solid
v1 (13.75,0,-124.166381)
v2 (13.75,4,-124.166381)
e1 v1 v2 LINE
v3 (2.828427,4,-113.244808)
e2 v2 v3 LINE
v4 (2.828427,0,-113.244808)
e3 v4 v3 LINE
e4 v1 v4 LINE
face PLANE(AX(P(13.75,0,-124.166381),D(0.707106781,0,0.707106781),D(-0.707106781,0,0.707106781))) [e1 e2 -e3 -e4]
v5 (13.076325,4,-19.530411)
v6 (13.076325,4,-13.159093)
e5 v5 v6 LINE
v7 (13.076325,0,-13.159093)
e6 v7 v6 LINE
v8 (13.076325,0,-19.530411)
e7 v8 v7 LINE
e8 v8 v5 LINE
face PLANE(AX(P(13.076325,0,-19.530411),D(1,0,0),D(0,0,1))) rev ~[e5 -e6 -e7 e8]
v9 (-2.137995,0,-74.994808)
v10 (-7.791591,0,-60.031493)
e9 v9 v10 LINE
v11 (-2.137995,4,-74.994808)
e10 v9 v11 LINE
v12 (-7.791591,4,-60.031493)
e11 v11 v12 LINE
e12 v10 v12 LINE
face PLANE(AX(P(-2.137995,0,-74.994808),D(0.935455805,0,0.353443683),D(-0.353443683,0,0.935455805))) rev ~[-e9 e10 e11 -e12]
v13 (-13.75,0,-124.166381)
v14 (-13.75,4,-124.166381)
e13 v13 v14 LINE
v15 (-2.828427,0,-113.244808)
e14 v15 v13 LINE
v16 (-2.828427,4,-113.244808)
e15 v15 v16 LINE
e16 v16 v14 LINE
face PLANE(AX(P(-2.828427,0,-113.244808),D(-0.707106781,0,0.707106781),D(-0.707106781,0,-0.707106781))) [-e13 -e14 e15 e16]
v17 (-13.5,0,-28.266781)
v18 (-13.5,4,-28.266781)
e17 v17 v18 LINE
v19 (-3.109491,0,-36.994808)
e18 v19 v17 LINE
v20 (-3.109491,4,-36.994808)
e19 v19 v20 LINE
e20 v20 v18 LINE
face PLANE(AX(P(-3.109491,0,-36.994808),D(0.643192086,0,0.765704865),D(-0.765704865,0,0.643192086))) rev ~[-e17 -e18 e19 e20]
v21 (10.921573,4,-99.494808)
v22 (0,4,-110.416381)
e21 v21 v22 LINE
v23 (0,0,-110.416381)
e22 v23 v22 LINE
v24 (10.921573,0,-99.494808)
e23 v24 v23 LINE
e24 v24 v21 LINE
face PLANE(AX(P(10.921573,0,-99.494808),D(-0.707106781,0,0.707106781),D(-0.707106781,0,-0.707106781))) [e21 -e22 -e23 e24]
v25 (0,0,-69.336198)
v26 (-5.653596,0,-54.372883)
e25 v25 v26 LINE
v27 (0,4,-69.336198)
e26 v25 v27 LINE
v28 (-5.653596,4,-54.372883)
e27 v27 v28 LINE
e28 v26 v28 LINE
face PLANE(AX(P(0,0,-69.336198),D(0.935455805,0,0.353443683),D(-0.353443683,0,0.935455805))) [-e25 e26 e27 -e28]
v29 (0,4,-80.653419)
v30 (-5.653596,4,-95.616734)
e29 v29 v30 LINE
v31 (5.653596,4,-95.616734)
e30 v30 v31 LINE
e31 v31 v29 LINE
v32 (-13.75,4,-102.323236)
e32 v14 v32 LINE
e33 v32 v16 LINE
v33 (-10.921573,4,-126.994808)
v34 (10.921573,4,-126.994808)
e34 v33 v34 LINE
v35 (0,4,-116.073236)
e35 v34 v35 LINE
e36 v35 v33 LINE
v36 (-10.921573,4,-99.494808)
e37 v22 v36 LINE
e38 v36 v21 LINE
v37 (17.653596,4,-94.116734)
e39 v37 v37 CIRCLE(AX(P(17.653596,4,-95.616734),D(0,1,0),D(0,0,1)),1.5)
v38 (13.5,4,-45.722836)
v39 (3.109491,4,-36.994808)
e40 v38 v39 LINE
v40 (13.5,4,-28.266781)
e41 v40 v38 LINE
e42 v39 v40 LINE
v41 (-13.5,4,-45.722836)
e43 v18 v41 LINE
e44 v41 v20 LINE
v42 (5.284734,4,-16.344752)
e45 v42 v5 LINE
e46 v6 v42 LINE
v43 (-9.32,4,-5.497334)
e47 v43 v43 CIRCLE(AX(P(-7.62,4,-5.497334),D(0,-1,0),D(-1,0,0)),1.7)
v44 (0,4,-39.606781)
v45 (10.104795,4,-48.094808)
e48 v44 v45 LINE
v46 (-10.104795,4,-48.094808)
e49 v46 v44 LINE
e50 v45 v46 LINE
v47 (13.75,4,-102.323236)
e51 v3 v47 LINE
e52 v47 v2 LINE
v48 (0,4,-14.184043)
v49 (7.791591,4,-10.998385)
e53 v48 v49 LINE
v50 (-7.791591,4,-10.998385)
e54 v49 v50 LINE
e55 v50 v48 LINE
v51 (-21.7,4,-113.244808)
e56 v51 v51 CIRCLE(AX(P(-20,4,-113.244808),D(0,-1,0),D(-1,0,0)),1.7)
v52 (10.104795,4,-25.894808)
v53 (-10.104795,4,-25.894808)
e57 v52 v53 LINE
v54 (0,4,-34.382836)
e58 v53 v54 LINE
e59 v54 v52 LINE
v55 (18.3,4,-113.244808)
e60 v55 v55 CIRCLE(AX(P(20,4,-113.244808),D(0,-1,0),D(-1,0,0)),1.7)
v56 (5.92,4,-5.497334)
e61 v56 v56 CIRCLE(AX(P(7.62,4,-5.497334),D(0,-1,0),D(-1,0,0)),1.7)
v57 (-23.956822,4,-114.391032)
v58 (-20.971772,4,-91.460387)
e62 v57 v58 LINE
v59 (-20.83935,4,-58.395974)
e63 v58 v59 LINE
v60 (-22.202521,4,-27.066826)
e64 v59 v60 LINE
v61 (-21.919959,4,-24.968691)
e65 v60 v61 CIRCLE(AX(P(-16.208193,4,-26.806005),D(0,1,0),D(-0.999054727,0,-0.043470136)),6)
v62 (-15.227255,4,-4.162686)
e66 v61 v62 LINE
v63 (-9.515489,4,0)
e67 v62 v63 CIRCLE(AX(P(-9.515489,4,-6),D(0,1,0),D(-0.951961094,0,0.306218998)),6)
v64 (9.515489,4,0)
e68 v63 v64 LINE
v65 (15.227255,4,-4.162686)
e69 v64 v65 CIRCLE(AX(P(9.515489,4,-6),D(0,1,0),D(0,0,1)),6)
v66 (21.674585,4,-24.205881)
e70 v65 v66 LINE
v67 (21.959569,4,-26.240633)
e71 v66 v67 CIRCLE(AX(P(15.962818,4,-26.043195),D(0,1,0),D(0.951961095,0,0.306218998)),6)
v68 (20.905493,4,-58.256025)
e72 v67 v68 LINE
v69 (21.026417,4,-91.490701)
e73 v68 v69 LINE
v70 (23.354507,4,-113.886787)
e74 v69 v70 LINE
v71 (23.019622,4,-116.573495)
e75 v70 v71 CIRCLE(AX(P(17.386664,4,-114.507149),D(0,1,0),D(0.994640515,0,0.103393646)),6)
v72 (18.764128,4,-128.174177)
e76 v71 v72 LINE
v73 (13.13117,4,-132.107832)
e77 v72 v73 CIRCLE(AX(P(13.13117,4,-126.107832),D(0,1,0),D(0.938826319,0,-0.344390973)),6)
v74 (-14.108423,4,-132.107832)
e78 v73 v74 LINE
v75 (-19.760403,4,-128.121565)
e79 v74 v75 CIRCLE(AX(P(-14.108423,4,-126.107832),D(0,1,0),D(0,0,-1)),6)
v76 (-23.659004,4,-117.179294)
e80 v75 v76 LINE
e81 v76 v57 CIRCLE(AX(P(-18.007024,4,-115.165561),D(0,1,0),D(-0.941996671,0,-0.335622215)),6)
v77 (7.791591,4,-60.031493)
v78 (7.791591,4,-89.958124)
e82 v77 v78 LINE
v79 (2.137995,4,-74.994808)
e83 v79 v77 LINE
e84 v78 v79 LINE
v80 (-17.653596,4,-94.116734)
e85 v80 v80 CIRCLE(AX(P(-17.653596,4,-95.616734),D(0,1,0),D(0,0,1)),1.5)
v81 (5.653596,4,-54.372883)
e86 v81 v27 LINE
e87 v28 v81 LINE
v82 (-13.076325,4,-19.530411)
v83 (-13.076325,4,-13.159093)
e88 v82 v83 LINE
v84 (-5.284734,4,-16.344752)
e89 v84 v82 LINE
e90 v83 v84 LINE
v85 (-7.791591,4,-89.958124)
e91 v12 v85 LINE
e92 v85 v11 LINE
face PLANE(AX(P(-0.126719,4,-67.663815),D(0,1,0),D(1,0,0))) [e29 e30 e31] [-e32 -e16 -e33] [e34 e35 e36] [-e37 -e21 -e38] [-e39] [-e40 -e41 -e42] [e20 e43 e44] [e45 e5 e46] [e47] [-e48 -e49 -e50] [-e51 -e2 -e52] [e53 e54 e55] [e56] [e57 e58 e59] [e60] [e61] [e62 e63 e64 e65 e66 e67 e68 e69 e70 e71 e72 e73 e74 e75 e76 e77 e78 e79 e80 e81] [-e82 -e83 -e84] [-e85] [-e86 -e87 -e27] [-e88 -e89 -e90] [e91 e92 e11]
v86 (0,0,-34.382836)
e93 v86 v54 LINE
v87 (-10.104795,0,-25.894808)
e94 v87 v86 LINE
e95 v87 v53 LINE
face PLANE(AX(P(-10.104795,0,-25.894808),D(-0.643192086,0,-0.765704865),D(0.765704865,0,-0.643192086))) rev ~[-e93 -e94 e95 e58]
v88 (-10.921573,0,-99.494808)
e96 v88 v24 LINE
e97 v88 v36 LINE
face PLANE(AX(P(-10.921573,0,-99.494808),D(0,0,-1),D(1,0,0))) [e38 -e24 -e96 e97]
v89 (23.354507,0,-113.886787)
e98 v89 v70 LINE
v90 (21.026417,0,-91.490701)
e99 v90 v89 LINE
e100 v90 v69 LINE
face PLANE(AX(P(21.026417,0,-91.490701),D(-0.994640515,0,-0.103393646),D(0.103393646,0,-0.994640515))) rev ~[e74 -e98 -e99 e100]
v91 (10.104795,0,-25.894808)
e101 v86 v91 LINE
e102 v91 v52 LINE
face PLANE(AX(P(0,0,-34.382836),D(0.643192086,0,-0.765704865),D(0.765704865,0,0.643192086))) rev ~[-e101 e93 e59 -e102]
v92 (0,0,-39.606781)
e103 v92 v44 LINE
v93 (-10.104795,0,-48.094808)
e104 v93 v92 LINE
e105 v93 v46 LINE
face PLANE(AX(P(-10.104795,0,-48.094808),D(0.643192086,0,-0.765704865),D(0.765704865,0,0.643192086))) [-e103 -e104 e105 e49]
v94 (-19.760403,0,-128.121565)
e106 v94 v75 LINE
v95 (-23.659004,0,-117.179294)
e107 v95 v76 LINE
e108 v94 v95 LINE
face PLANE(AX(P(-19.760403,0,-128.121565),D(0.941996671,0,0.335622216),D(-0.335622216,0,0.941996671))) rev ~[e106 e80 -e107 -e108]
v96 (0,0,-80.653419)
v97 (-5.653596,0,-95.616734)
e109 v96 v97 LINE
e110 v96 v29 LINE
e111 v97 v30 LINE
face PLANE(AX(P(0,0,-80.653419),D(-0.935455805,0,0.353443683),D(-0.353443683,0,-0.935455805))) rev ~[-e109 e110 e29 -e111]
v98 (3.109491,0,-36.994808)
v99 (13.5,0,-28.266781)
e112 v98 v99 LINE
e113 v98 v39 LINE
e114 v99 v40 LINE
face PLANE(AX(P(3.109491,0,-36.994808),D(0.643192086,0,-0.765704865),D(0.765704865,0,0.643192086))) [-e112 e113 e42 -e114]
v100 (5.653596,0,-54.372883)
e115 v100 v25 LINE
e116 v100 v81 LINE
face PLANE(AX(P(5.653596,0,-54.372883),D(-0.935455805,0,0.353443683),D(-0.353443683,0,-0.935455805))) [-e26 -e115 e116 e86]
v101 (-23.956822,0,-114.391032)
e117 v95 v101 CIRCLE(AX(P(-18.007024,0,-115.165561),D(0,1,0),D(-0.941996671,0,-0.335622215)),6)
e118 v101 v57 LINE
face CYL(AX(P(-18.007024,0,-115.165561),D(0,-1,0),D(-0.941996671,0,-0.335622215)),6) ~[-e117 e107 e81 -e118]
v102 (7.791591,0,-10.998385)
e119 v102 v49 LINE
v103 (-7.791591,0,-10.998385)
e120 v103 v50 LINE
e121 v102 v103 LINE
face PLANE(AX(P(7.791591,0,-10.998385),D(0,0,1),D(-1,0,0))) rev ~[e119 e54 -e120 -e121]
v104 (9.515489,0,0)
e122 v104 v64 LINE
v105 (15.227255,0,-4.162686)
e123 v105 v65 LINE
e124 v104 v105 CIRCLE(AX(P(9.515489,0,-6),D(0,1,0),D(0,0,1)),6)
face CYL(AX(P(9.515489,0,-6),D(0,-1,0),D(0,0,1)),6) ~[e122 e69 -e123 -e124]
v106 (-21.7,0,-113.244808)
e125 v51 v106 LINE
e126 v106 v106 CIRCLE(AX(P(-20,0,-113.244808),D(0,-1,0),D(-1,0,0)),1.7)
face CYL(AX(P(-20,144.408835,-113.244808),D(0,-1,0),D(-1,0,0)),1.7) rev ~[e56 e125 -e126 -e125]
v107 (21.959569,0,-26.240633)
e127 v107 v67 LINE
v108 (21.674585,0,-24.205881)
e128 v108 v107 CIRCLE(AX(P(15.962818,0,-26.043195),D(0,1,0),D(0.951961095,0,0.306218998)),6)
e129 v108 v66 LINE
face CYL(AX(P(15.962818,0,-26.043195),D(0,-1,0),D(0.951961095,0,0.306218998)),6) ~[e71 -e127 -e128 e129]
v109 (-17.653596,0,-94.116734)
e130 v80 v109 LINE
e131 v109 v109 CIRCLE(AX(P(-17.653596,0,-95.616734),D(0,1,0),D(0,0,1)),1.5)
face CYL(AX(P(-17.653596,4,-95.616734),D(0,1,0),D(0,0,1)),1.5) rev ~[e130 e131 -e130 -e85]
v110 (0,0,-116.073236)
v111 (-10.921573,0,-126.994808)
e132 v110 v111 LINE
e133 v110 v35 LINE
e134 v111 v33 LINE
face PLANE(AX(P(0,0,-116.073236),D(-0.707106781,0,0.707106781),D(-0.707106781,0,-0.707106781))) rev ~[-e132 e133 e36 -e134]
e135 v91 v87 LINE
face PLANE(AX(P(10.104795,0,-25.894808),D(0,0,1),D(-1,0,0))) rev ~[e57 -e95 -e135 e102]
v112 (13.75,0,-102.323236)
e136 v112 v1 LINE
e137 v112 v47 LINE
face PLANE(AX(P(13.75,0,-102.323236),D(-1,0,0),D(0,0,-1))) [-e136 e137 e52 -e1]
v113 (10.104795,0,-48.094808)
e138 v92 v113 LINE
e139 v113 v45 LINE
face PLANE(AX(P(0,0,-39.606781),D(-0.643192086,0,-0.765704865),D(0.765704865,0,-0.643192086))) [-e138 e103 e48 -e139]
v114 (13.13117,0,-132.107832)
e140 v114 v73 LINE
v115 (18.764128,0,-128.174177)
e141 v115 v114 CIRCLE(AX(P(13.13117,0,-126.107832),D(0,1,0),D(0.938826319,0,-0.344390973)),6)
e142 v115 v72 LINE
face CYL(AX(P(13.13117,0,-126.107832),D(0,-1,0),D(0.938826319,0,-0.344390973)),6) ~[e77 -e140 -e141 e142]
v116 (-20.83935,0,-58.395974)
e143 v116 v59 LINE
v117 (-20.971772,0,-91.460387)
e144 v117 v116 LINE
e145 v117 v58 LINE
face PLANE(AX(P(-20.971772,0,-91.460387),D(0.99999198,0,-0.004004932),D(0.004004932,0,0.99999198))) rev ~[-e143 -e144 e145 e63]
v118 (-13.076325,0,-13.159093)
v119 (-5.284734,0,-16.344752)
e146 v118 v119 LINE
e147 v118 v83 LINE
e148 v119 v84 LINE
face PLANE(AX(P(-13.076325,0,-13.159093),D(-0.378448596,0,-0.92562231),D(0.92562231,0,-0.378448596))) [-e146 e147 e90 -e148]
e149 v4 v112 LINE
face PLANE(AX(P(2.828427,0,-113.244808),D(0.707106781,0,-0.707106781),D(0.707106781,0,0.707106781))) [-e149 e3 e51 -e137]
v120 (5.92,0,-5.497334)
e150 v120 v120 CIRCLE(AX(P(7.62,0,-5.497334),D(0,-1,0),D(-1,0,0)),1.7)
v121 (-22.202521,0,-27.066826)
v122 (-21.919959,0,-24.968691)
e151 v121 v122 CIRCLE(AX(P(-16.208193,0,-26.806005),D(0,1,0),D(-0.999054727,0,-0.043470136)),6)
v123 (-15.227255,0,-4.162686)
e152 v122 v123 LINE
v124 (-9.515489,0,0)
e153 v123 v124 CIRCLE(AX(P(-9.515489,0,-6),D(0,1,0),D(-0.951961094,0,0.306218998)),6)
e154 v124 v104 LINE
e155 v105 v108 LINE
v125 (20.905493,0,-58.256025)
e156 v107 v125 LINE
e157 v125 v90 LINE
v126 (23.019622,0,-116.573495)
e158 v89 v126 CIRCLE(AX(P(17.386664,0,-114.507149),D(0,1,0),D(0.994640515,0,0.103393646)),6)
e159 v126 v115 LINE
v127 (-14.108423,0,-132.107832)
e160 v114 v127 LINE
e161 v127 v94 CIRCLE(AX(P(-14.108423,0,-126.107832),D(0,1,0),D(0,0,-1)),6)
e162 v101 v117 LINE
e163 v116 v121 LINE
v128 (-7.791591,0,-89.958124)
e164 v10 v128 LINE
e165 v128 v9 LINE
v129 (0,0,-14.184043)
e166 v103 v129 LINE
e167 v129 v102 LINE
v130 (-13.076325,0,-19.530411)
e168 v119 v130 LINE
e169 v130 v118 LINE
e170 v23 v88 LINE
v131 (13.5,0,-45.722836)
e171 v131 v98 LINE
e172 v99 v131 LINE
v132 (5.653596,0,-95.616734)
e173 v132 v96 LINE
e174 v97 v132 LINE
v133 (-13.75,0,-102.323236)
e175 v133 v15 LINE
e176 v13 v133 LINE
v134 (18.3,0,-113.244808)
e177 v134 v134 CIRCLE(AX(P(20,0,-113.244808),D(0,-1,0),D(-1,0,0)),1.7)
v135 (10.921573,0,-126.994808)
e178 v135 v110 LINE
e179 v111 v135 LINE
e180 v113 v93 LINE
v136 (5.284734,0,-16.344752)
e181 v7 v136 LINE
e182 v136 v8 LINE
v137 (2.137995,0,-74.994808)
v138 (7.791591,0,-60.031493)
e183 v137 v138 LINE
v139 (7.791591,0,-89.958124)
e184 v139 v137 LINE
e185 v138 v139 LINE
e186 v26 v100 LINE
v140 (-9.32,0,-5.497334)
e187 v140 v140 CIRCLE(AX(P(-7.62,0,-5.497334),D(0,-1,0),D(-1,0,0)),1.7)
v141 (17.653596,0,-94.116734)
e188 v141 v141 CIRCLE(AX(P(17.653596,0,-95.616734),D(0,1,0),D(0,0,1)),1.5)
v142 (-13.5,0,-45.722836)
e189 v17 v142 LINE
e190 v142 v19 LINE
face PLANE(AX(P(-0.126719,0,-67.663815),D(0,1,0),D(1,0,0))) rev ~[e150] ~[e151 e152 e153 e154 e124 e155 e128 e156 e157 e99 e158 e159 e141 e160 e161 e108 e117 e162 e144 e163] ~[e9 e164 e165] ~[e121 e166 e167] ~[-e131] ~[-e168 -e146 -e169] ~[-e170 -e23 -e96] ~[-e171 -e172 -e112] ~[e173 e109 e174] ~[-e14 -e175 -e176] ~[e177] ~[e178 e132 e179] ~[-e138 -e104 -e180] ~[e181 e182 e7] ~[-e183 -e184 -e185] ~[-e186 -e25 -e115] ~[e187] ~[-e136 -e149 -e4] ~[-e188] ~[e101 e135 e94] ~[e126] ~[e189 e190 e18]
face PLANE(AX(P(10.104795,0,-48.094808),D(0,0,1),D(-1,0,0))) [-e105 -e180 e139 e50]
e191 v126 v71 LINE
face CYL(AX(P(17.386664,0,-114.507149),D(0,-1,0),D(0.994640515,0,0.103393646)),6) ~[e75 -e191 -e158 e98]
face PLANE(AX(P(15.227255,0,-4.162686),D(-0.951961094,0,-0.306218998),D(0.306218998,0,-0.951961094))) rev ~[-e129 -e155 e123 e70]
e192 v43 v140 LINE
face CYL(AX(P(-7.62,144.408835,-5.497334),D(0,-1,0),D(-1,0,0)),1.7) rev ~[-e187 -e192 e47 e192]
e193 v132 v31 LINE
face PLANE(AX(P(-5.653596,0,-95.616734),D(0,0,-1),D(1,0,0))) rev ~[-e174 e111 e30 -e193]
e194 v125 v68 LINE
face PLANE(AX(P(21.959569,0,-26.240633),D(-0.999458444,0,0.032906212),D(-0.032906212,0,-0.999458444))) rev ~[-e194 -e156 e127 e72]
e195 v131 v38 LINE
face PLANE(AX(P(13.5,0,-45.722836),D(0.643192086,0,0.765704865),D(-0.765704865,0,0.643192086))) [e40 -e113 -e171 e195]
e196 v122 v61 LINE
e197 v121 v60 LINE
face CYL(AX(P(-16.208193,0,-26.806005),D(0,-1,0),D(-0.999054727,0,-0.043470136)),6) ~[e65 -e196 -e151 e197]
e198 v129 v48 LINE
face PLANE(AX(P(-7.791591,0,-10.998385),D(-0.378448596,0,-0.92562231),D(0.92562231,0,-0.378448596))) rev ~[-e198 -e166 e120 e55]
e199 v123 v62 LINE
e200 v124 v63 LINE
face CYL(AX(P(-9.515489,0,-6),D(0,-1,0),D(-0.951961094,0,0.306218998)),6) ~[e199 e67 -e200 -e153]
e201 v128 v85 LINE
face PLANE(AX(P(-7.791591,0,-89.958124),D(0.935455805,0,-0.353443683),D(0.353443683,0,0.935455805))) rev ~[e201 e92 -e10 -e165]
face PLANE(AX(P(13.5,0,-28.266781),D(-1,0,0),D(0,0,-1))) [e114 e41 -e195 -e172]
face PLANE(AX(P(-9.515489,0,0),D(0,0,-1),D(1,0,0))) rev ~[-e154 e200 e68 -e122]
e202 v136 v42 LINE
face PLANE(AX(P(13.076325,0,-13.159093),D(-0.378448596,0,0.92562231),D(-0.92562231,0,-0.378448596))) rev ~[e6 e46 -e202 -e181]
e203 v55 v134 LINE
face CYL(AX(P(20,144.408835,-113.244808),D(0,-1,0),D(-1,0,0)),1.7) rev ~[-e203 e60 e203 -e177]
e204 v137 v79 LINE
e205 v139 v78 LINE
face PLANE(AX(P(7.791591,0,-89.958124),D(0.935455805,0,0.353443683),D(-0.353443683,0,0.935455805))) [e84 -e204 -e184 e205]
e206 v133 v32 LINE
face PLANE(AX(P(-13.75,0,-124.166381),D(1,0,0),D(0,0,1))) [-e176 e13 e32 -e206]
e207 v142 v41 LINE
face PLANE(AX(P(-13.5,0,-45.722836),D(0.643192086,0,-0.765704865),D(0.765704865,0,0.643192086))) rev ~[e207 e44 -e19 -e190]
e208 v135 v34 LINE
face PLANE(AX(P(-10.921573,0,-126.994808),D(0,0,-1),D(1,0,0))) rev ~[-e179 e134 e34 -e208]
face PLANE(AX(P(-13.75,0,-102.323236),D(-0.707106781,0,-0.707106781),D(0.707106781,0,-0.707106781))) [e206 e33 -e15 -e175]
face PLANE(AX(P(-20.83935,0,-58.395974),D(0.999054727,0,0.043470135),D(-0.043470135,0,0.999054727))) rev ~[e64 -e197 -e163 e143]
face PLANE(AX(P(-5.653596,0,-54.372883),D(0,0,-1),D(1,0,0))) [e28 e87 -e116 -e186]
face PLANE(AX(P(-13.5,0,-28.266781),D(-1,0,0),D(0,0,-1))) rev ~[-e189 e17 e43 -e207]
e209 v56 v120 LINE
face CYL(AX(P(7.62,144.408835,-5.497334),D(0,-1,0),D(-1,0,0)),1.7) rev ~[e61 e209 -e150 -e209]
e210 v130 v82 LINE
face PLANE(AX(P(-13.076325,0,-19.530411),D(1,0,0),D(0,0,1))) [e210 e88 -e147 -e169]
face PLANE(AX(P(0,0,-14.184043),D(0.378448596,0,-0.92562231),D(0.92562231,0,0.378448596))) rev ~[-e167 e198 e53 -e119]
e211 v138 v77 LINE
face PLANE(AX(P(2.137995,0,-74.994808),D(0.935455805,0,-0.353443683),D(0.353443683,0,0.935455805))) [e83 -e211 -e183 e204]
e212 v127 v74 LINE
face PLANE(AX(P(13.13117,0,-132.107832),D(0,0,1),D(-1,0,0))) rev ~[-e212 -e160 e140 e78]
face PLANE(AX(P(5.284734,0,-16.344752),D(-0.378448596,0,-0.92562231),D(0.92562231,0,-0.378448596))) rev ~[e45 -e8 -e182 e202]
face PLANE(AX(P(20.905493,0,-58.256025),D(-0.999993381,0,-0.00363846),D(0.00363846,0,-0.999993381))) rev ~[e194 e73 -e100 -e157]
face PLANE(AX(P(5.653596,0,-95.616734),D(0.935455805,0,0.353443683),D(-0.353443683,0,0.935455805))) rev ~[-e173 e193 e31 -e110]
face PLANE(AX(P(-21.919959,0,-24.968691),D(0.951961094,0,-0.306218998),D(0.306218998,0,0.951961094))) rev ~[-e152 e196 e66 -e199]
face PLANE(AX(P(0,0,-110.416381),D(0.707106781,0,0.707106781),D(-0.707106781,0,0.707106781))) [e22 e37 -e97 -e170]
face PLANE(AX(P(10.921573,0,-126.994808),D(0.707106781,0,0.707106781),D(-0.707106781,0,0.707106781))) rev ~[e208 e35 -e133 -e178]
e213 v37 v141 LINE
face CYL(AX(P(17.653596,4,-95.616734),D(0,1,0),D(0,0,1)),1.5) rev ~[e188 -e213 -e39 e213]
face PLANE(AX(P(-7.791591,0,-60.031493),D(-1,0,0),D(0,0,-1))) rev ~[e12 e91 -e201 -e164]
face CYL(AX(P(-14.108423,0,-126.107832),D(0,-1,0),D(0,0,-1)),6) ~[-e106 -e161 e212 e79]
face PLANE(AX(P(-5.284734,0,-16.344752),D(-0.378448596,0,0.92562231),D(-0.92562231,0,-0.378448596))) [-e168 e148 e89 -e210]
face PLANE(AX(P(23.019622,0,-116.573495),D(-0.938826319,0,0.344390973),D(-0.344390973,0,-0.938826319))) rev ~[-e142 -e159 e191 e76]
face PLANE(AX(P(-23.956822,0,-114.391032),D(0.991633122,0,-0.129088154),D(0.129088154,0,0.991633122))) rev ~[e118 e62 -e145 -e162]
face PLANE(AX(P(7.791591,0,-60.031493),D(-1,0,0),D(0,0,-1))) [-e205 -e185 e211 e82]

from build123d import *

# Parameters (mm, degrees)
BOSS_EXTRUDE1_DEPTH  = 4
M3_CLEARANCE_HOLE1_D = 3.4
SKETCH4_R            = 1.5
CUT_EXTRUDE1_DEPTH   = 135.330995523


with BuildPart() as part:
    # Sketch1 → Boss-Extrude1 (new body)
    with BuildSketch(Plane(origin=(0, 0, 0), x_dir=(1, 0, 0), z_dir=(0, 1, 0))):
        with BuildLine():
            Line((-9.515488572, 0), (9.515488572, 0))
            ThreePointArc((9.515488572, 0), (13.049333225, 1.15108858), (15.227255138, 4.162686012))
            Line((15.227255138, 4.162686012), (21.674585029, 24.205881435))
            ThreePointArc((21.674585029, 24.205881435), (21.904821248, 25.210967753), (21.959569126, 26.240632696))
            Line((21.959569126, 26.240632696), (20.905492982, 58.256025321))
            Line((20.905492982, 58.256025321), (21.026416806, 91.49070067))
            Line((21.026416806, 91.49070067), (23.354507229, 113.886787435))
            ThreePointArc((23.354507229, 113.886787435), (23.340591043, 115.249277617), (23.019622055, 116.573495146))
            Line((23.019622055, 116.573495146), (18.764127525, 128.174177455))
            ThreePointArc((18.764127525, 128.174177455), (16.566422509, 131.027083341), (13.131169609, 132.107831618))
            Line((13.131169609, 132.107831618), (-14.108422678, 132.107831618))
            ThreePointArc((-14.108422678, 132.107831618), (-17.566572488, 131.011014247), (-19.760402704, 128.121564914))
            Line((-19.760402704, 128.121564914), (-23.659003651, 117.179294294))
            ThreePointArc((-23.659003651, 117.179294294), (-23.973087581, 115.802805743), (-23.956822357, 114.391032075))
            Line((-23.956822357, 114.391032075), (-20.971772171, 91.460387024))
            Line((-20.971772171, 91.460387024), (-20.839350394, 58.395973604))
            Line((-20.839350394, 58.395973604), (-22.202521241, 27.066826186))
            ThreePointArc((-22.202521241, 27.066826186), (-22.154511659, 26.005197672), (-21.919959446, 24.968691386))
            Line((-21.919959446, 24.968691386), (-15.227255138, 4.162686012))
            ThreePointArc((-15.227255138, 4.162686012), (-13.049333225, 1.15108858), (-9.515488572, 0))
        make_face()
        Polygon((-13.5, 28.266780853), (-13.5, 45.722835983), (-3.109490994, 36.994808418), align=None, mode=Mode.SUBTRACT)
        Polygon((-10.104794721, 48.094808418), (0, 39.606780853), (10.104794721, 48.094808418), align=None, mode=Mode.SUBTRACT)
        Polygon((13.5, 28.266780853), (13.5, 45.722835983), (3.109490994, 36.994808418), align=None, mode=Mode.SUBTRACT)
        Polygon((0, 34.382835983), (10.104794721, 25.894808418), (-10.104794721, 25.894808418), align=None, mode=Mode.SUBTRACT)
        Polygon((-13.076324897, 19.530410576), (-13.076324897, 13.159093094), (-5.284733567, 16.344751835), align=None, mode=Mode.SUBTRACT)
        Polygon((5.284733567, 16.344751835), (13.076324897, 19.530410576), (13.076324897, 13.159093094), align=None, mode=Mode.SUBTRACT)
        Polygon((-7.79159133, 10.998384586), (0, 14.184043327), (7.79159133, 10.998384586), align=None, mode=Mode.SUBTRACT)
        Polygon((13.75, 102.323235543), (13.75, 124.166381293), (2.828427125, 113.244808418), align=None, mode=Mode.SUBTRACT)
        Polygon((-10.921572875, 99.494808418), (10.921572875, 99.494808418), (0, 110.416381293), align=None, mode=Mode.SUBTRACT)
        Polygon((-13.75, 102.323235543), (-2.828427125, 113.244808418), (-13.75, 124.166381293), align=None, mode=Mode.SUBTRACT)
        Polygon((0, 116.073235543), (-10.921572875, 126.994808418), (10.921572875, 126.994808418), align=None, mode=Mode.SUBTRACT)
        Polygon((-7.79159133, 89.958123907), (-2.137995178, 74.994808418), (-7.79159133, 60.031492928), align=None, mode=Mode.SUBTRACT)
        Polygon((-5.653596152, 54.372882815), (5.653596152, 54.372882815), (0, 69.336198304), align=None, mode=Mode.SUBTRACT)
        Polygon((-5.653596152, 95.616734021), (5.653596152, 95.616734021), (0, 80.653418531), align=None, mode=Mode.SUBTRACT)
        Polygon((7.79159133, 60.031492928), (7.79159133, 89.958123907), (2.137995178, 74.994808418), align=None, mode=Mode.SUBTRACT)
    extrude(amount=BOSS_EXTRUDE1_DEPTH)

    # M3 Clearance Hole1 (through all)
    with Locations(Plane(origin=(0, 4, 0), x_dir=(1, 0, 0), z_dir=(0, 1, 0))):
        with Locations((-7.62, 5.497333735), (7.62, 5.497333735), (20, 113.244808418), (-20, 113.244808418)):
            Hole(M3_CLEARANCE_HOLE1_D / 2)

    # Sketch4 → Cut-Extrude1 (cut, through all)
    with BuildSketch(Plane(origin=(0, 4, 0), x_dir=(1, 0, 0), z_dir=(0, 1, 0))):
        with Locations(Location((-17.653596152, 95.616734021, 0), (0, 0, 270))):
            Circle(SKETCH4_R)
        with Locations(Location((17.653596152, 95.616734021, 0), (0, 0, 270))):
            Circle(SKETCH4_R)
    extrude(amount=-CUT_EXTRUDE1_DEPTH, mode=Mode.SUBTRACT)


solid = part.part
